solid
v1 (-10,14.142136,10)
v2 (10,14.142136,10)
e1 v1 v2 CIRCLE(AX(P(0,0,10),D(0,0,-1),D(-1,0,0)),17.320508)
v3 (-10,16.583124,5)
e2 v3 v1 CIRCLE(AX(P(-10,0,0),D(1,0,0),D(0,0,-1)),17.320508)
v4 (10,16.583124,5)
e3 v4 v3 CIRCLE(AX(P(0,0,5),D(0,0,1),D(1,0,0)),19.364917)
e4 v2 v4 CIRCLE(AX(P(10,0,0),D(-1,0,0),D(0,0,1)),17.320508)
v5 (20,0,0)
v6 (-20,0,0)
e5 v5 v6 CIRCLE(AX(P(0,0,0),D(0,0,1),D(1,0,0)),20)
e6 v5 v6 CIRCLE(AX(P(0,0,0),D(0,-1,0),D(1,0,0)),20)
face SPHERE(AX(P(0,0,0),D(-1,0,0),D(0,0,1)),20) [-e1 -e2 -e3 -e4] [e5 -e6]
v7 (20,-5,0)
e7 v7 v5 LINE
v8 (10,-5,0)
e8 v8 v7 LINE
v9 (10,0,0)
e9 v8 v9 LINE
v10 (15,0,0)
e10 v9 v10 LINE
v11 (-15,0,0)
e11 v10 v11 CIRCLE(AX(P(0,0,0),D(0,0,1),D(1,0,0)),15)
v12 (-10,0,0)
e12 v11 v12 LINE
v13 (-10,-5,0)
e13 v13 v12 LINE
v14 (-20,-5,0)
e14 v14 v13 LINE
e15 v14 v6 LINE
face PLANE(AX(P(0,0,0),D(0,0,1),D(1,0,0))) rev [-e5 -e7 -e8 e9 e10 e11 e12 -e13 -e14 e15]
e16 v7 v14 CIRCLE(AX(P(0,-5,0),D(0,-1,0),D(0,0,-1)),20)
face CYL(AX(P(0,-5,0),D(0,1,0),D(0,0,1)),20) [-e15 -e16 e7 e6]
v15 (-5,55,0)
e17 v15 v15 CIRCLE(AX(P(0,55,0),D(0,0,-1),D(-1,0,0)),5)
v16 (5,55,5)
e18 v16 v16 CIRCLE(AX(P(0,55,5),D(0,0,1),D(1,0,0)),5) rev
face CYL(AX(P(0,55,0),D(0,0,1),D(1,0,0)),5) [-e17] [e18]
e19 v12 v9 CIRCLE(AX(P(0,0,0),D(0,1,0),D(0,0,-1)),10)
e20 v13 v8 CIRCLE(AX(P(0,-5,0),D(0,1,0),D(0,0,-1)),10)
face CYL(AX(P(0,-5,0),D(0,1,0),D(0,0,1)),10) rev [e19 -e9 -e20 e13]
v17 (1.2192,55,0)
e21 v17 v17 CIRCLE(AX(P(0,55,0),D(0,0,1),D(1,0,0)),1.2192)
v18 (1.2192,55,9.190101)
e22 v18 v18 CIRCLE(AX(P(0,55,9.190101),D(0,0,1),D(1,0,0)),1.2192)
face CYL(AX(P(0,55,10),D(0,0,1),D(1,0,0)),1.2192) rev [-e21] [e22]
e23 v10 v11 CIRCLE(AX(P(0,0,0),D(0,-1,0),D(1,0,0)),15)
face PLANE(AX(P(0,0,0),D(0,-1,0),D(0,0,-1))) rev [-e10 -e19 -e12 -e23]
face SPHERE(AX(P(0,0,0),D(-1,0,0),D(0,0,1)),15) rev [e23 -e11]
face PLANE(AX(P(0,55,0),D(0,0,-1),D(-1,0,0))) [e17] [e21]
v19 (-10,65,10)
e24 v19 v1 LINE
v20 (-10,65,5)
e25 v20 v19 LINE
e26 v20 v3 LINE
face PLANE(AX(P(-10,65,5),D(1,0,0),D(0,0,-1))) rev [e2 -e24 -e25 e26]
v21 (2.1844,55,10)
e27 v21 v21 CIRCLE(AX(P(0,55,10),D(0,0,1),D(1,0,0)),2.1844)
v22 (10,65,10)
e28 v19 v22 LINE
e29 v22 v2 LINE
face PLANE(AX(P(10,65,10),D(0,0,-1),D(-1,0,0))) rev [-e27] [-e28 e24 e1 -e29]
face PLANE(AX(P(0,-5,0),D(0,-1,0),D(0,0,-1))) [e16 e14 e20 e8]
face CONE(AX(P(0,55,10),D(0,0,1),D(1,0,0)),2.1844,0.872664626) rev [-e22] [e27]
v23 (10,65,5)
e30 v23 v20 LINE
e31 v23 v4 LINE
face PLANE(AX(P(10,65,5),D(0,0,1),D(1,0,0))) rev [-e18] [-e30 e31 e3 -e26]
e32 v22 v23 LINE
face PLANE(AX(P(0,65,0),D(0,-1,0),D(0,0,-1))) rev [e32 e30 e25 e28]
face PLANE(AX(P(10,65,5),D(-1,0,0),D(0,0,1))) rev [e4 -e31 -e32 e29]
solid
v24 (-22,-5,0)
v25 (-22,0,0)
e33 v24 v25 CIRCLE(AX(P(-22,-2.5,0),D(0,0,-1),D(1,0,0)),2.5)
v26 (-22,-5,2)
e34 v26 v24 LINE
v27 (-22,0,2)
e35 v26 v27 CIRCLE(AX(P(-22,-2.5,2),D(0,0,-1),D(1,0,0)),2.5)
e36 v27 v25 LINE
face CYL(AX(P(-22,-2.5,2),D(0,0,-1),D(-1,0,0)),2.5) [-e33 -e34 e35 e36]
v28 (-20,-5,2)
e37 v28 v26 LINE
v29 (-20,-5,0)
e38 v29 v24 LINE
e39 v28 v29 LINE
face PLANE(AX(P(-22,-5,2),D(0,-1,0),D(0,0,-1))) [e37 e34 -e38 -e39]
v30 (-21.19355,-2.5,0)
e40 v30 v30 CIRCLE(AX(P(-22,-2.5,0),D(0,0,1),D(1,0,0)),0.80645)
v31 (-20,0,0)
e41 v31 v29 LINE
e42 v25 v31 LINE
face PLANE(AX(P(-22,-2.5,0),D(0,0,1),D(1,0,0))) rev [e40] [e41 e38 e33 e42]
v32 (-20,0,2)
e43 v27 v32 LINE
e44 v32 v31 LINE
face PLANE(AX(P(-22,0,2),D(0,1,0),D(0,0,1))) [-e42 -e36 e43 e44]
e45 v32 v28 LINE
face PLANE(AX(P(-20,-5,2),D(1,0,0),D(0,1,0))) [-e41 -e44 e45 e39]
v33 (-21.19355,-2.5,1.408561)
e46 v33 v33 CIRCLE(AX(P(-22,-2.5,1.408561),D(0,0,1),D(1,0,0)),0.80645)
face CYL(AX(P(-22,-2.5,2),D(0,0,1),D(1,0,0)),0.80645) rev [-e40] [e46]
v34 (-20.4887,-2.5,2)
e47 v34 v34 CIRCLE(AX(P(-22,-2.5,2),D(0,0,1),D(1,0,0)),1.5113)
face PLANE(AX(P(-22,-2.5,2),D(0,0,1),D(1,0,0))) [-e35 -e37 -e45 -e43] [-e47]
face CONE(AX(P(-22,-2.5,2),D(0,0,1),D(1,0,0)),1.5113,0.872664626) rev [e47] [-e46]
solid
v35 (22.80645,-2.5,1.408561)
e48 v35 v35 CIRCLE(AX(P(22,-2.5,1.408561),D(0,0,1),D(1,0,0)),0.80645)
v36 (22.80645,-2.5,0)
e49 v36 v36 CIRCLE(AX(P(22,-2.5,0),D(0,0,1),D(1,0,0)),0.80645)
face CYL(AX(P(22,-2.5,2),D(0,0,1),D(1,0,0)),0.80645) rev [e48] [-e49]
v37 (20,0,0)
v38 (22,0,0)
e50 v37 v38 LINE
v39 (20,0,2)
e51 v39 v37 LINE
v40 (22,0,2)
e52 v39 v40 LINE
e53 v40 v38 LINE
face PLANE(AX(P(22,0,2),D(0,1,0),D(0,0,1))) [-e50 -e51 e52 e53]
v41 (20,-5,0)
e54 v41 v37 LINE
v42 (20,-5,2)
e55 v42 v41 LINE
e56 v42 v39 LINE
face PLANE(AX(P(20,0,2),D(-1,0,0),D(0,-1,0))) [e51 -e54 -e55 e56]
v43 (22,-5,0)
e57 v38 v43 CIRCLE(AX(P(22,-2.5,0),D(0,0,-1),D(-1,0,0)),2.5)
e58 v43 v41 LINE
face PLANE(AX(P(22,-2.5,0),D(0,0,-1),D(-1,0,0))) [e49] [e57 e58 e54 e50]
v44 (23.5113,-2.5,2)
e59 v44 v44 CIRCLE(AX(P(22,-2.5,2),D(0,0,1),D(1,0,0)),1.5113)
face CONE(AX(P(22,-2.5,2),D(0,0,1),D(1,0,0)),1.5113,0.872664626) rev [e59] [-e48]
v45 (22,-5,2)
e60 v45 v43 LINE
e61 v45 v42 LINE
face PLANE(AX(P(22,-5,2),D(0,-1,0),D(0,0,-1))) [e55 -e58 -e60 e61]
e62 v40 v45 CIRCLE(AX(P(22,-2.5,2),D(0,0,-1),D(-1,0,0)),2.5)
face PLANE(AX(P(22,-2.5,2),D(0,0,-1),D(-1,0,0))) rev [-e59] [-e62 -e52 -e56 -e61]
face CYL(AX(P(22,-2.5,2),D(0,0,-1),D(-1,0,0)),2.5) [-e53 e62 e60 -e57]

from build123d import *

# Parameters (mm, degrees)
REVOLVE2_ANGLE                            = 90
BOSS_EXTRUDE2_DEPTH                       = 5
BOSS_EXTRUDE3_DEPTH                       = 2
BOSS_EXTRUDE3_2_DEPTH                     = 2
CSK_FOR_0_FLAT_HEAD_MACHINE_SCREW_2_COUNT = 2
CSK_FOR_0_FLAT_HEAD_MACHINE_SCREW_2_PITCH = 44
BOSS_EXTRUDE4_START                       = 14.142136
SKETCH10_W                                = 20
SKETCH10_H                                = 5
BOSS_EXTRUDE4_DEPTH                       = 50.857864
SKETCH11_R                                = 5
BOSS_EXTRUDE6_DEPTH                       = 5


with BuildPart() as part:
    # Sketch1 → Revolve2 (revolve)
    with BuildSketch(Plane.XY):
        with BuildLine():
            Line((-20, 0), (-15, 0))
            ThreePointArc((-15, 0), (0, 15), (15, 0))
            Line((15, 0), (20, 0))
            ThreePointArc((20, 0), (0, 20), (-20, 0))
        make_face()
    revolve(axis=Axis((10, 0, 0), (1, 0, 0)), revolution_arc=REVOLVE2_ANGLE)

    # Sketch3 → Boss-Extrude2 (add)
    with BuildSketch(Plane.XZ):
        with BuildLine():
            Line((-20, 0), (-10, 0))
            ThreePointArc((-10, 0), (0, 10), (10, 0))
            Line((10, 0), (20, 0))
            ThreePointArc((20, 0), (0, 20), (-20, 0))
        make_face()
    extrude(amount=BOSS_EXTRUDE2_DEPTH)

    # Sketch10 → Boss-Extrude4 (add)
    with BuildSketch(Plane(origin=(0, 0, 0), x_dir=(1, 0, 0), z_dir=(0, 1, 0)).offset(BOSS_EXTRUDE4_START)):
        with Locations((0, -7.5)):
            Rectangle(SKETCH10_W, SKETCH10_H)
    extrude(amount=BOSS_EXTRUDE4_DEPTH)

    # Sketch11 → Boss-Extrude6 (add)
    with BuildSketch(Plane(origin=(0, 0, 5), x_dir=(-1, 0, 0), z_dir=(0, 0, -1))):
        with Locations(Location((0, 55, 0), (0, 0, 180))):
            Circle(SKETCH11_R)
    extrude(amount=BOSS_EXTRUDE6_DEPTH)

    # Sketch15 → CSK for #2 Flat Head Machine Screw (100)1 (revolve, cut)
    with BuildSketch(Plane(origin=(0, 55, 10), x_dir=(0, -1, 0), z_dir=(1, 0, 0))):
        Polygon((0, 0), (0, 10), (1.2192, 10), (1.2192, 0.809898964), (2.1844, 0), align=None)
    revolve(axis=Axis((0, 55, 16.35), (0, 0, -1)), mode=Mode.SUBTRACT)


with BuildPart() as body_2:
    # Sketch5 → Boss-Extrude3 (new body)
    with BuildSketch(Plane(origin=(0, 0, 0), x_dir=(-1, 0, 0), z_dir=(0, 0, -1))):
        with BuildLine():
            Line((-22, 0), (-20, 0))
            Line((-20, 0), (-20, -5))
            Line((-20, -5), (-22, -5))
            ThreePointArc((-22, -5), (-24.5, -2.5), (-22, 0))
        make_face()
    extrude(amount=-BOSS_EXTRUDE3_DEPTH)

    # Sketch9 → CSK for #0 Flat Head Machine Screw (100)3 (revolve, cut)
    with BuildSketch(Plane(origin=(22, -2.5, 2), x_dir=(0, -1, 0), z_dir=(1, 0, 0))):
        Polygon((0, 0), (0, 2), (0.80645, 2), (0.80645, 0.591439375), (1.5113, 0), align=None)
    csk_for_0_flat_head_machine_screw_100 = revolve(axis=Axis((22, -2.5, 8.35), (0, 0, -1)), mode=Mode.SUBTRACT)


with BuildPart() as body_3:
    # Sketch5 → Boss-Extrude3 2 (new body)
    with BuildSketch(Plane(origin=(0, 0, 0), x_dir=(-1, 0, 0), z_dir=(0, 0, -1))):
        with BuildLine():
            Line((22, -5), (20, -5))
            Line((20, -5), (20, 0))
            Line((20, 0), (22, 0))
            ThreePointArc((22, 0), (24.5, -2.5), (22, -5))
        make_face()
    extrude(amount=-BOSS_EXTRUDE3_2_DEPTH)

    # CSK for _0 Flat Head Machine Screw _ 2: CSK for #0 Flat Head Machine Screw (100)3 ×2
    with Locations(*[(-i * CSK_FOR_0_FLAT_HEAD_MACHINE_SCREW_2_PITCH, 0, 0) for i in range(1, CSK_FOR_0_FLAT_HEAD_MACHINE_SCREW_2_COUNT)]):
        add(csk_for_0_flat_head_machine_screw_100, mode=Mode.SUBTRACT)


solid = Compound([part.part, body_2.part, body_3.part])
